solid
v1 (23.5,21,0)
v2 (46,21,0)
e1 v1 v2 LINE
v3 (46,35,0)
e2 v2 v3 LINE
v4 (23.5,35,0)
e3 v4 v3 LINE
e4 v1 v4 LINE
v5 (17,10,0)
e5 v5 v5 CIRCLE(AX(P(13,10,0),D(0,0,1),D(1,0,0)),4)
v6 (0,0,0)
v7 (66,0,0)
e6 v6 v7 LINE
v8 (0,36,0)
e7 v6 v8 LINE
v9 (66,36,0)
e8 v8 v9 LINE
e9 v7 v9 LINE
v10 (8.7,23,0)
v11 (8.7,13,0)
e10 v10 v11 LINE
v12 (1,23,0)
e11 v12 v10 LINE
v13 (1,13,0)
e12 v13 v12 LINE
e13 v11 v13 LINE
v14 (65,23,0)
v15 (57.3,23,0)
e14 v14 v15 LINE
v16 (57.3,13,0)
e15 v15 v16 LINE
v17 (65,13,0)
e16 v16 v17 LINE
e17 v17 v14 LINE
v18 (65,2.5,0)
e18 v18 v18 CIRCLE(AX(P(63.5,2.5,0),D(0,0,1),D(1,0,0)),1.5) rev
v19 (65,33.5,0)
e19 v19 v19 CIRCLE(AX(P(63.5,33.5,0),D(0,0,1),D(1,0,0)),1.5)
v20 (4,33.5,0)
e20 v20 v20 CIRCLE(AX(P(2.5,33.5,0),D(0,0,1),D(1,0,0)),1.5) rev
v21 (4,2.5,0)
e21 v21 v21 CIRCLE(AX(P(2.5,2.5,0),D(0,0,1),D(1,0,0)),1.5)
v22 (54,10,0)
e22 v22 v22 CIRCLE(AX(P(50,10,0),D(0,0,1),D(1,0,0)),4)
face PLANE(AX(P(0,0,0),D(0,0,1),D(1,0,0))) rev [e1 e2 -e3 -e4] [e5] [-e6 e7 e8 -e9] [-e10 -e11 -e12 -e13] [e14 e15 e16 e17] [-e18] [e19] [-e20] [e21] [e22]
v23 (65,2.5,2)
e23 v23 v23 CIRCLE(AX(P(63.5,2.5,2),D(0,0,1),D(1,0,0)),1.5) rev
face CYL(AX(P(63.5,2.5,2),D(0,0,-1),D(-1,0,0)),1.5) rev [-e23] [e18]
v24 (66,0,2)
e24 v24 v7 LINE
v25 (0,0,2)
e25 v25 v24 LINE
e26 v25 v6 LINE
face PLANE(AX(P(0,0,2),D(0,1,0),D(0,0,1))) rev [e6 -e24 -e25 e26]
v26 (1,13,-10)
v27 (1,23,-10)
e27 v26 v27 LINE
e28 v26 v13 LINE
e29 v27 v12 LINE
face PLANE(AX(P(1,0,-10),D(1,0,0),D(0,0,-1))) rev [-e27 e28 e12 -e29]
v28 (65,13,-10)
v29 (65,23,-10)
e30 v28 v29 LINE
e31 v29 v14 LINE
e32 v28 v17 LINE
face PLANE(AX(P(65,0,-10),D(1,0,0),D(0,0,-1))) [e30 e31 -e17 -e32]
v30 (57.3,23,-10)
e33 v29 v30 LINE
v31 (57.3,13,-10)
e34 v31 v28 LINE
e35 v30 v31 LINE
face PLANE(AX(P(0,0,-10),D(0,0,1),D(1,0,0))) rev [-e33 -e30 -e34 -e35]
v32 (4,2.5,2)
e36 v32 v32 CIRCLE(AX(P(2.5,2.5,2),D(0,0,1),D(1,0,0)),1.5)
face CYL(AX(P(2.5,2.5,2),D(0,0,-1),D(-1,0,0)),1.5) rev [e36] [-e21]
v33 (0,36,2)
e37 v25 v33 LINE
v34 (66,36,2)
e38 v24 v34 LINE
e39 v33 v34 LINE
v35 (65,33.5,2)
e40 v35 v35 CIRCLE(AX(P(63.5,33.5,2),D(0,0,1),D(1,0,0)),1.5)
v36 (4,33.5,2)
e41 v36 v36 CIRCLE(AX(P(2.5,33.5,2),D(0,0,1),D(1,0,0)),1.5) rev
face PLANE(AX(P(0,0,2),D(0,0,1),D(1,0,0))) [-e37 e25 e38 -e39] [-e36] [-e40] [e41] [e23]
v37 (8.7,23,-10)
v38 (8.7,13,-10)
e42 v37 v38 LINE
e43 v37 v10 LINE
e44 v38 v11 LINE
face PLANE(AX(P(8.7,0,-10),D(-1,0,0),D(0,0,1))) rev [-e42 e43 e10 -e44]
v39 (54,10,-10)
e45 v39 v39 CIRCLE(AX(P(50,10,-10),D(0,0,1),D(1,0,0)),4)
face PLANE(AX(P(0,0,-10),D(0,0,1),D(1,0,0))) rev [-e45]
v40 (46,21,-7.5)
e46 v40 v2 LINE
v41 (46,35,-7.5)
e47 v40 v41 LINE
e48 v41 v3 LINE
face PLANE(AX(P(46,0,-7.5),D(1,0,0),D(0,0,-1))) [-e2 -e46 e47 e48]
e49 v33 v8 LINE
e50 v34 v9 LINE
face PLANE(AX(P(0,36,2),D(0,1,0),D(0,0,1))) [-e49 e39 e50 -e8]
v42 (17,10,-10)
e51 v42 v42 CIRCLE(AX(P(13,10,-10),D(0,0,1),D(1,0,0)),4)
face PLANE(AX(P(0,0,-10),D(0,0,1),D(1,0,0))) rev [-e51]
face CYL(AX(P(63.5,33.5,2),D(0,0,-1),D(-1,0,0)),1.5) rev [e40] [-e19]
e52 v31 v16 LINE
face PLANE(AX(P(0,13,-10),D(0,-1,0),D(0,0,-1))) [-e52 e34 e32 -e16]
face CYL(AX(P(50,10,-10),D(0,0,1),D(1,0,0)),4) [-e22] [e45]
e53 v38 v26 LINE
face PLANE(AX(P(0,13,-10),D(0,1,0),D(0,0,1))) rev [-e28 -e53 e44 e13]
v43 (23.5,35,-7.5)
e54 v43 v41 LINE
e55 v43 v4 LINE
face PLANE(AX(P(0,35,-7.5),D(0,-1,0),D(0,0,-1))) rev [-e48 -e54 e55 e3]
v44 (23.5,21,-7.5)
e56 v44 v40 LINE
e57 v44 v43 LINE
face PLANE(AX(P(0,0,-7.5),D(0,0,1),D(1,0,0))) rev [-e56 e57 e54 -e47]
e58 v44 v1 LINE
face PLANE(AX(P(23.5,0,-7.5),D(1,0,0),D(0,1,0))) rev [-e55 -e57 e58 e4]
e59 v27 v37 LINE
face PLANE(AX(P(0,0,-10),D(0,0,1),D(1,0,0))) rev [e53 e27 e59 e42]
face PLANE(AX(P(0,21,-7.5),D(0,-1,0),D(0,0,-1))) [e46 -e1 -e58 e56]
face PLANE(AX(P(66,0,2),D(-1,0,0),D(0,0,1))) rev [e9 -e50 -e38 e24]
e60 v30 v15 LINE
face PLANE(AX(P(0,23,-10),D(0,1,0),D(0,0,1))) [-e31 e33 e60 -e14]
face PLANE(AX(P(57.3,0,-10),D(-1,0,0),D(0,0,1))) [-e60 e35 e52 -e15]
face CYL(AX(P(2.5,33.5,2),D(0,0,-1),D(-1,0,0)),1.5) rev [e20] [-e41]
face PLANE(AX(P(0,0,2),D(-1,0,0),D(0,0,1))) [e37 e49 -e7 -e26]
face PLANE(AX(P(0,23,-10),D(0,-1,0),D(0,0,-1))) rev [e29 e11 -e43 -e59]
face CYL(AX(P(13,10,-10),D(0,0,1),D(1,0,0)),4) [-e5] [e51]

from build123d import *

# Parameters (mm, degrees)
SKETCH1_W           = 66
SKETCH1_H           = 36
SKETCH1_R           = 1.5
BOSS_EXTRUDE1_DEPTH = 2
SKETCH1_3_W         = 7.7
SKETCH1_3_H         = 10
BOSS_EXTRUDE2_DEPTH = 10
SKETCH1_4_W         = 22.5
SKETCH1_4_H         = 14
BOSS_EXTRUDE3_DEPTH = 7.5
SKETCH1_6_R         = 4
BOSS_EXTRUDE4_DEPTH = 10


with BuildPart() as part:
    # Sketch1 → Boss-Extrude1 (new body)
    with BuildSketch(Plane.XY):
        with Locations((33, 18)):
            Rectangle(SKETCH1_W, SKETCH1_H)
        with Locations((2.5, 2.5)):
            Circle(SKETCH1_R, mode=Mode.SUBTRACT)
        with Locations((63.5, 2.5)):
            Circle(SKETCH1_R, mode=Mode.SUBTRACT)
        with Locations((2.5, 33.5)):
            Circle(SKETCH1_R, mode=Mode.SUBTRACT)
        with Locations((63.5, 33.5)):
            Circle(SKETCH1_R, mode=Mode.SUBTRACT)
    extrude(amount=BOSS_EXTRUDE1_DEPTH)

    # Sketch1<3> → Boss-Extrude2 (add)
    with BuildSketch(Plane.XY):
        with Locations((61.15, 18)):
            Rectangle(SKETCH1_3_W, SKETCH1_3_H)
        with Locations((4.85, 18)):
            Rectangle(SKETCH1_3_W, SKETCH1_3_H)
    extrude(amount=-BOSS_EXTRUDE2_DEPTH)

    # Sketch1<4> → Boss-Extrude3 (add)
    with BuildSketch(Plane.XY):
        with Locations((34.75, 28)):
            Rectangle(SKETCH1_4_W, SKETCH1_4_H)
    extrude(amount=-BOSS_EXTRUDE3_DEPTH)

    # Sketch1<6> → Boss-Extrude4 (add)
    with BuildSketch(Plane.XY):
        with Locations((50, 10)):
            Circle(SKETCH1_6_R)
        with Locations((13, 10)):
            Circle(SKETCH1_6_R)
    extrude(amount=-BOSS_EXTRUDE4_DEPTH)


solid = part.part
